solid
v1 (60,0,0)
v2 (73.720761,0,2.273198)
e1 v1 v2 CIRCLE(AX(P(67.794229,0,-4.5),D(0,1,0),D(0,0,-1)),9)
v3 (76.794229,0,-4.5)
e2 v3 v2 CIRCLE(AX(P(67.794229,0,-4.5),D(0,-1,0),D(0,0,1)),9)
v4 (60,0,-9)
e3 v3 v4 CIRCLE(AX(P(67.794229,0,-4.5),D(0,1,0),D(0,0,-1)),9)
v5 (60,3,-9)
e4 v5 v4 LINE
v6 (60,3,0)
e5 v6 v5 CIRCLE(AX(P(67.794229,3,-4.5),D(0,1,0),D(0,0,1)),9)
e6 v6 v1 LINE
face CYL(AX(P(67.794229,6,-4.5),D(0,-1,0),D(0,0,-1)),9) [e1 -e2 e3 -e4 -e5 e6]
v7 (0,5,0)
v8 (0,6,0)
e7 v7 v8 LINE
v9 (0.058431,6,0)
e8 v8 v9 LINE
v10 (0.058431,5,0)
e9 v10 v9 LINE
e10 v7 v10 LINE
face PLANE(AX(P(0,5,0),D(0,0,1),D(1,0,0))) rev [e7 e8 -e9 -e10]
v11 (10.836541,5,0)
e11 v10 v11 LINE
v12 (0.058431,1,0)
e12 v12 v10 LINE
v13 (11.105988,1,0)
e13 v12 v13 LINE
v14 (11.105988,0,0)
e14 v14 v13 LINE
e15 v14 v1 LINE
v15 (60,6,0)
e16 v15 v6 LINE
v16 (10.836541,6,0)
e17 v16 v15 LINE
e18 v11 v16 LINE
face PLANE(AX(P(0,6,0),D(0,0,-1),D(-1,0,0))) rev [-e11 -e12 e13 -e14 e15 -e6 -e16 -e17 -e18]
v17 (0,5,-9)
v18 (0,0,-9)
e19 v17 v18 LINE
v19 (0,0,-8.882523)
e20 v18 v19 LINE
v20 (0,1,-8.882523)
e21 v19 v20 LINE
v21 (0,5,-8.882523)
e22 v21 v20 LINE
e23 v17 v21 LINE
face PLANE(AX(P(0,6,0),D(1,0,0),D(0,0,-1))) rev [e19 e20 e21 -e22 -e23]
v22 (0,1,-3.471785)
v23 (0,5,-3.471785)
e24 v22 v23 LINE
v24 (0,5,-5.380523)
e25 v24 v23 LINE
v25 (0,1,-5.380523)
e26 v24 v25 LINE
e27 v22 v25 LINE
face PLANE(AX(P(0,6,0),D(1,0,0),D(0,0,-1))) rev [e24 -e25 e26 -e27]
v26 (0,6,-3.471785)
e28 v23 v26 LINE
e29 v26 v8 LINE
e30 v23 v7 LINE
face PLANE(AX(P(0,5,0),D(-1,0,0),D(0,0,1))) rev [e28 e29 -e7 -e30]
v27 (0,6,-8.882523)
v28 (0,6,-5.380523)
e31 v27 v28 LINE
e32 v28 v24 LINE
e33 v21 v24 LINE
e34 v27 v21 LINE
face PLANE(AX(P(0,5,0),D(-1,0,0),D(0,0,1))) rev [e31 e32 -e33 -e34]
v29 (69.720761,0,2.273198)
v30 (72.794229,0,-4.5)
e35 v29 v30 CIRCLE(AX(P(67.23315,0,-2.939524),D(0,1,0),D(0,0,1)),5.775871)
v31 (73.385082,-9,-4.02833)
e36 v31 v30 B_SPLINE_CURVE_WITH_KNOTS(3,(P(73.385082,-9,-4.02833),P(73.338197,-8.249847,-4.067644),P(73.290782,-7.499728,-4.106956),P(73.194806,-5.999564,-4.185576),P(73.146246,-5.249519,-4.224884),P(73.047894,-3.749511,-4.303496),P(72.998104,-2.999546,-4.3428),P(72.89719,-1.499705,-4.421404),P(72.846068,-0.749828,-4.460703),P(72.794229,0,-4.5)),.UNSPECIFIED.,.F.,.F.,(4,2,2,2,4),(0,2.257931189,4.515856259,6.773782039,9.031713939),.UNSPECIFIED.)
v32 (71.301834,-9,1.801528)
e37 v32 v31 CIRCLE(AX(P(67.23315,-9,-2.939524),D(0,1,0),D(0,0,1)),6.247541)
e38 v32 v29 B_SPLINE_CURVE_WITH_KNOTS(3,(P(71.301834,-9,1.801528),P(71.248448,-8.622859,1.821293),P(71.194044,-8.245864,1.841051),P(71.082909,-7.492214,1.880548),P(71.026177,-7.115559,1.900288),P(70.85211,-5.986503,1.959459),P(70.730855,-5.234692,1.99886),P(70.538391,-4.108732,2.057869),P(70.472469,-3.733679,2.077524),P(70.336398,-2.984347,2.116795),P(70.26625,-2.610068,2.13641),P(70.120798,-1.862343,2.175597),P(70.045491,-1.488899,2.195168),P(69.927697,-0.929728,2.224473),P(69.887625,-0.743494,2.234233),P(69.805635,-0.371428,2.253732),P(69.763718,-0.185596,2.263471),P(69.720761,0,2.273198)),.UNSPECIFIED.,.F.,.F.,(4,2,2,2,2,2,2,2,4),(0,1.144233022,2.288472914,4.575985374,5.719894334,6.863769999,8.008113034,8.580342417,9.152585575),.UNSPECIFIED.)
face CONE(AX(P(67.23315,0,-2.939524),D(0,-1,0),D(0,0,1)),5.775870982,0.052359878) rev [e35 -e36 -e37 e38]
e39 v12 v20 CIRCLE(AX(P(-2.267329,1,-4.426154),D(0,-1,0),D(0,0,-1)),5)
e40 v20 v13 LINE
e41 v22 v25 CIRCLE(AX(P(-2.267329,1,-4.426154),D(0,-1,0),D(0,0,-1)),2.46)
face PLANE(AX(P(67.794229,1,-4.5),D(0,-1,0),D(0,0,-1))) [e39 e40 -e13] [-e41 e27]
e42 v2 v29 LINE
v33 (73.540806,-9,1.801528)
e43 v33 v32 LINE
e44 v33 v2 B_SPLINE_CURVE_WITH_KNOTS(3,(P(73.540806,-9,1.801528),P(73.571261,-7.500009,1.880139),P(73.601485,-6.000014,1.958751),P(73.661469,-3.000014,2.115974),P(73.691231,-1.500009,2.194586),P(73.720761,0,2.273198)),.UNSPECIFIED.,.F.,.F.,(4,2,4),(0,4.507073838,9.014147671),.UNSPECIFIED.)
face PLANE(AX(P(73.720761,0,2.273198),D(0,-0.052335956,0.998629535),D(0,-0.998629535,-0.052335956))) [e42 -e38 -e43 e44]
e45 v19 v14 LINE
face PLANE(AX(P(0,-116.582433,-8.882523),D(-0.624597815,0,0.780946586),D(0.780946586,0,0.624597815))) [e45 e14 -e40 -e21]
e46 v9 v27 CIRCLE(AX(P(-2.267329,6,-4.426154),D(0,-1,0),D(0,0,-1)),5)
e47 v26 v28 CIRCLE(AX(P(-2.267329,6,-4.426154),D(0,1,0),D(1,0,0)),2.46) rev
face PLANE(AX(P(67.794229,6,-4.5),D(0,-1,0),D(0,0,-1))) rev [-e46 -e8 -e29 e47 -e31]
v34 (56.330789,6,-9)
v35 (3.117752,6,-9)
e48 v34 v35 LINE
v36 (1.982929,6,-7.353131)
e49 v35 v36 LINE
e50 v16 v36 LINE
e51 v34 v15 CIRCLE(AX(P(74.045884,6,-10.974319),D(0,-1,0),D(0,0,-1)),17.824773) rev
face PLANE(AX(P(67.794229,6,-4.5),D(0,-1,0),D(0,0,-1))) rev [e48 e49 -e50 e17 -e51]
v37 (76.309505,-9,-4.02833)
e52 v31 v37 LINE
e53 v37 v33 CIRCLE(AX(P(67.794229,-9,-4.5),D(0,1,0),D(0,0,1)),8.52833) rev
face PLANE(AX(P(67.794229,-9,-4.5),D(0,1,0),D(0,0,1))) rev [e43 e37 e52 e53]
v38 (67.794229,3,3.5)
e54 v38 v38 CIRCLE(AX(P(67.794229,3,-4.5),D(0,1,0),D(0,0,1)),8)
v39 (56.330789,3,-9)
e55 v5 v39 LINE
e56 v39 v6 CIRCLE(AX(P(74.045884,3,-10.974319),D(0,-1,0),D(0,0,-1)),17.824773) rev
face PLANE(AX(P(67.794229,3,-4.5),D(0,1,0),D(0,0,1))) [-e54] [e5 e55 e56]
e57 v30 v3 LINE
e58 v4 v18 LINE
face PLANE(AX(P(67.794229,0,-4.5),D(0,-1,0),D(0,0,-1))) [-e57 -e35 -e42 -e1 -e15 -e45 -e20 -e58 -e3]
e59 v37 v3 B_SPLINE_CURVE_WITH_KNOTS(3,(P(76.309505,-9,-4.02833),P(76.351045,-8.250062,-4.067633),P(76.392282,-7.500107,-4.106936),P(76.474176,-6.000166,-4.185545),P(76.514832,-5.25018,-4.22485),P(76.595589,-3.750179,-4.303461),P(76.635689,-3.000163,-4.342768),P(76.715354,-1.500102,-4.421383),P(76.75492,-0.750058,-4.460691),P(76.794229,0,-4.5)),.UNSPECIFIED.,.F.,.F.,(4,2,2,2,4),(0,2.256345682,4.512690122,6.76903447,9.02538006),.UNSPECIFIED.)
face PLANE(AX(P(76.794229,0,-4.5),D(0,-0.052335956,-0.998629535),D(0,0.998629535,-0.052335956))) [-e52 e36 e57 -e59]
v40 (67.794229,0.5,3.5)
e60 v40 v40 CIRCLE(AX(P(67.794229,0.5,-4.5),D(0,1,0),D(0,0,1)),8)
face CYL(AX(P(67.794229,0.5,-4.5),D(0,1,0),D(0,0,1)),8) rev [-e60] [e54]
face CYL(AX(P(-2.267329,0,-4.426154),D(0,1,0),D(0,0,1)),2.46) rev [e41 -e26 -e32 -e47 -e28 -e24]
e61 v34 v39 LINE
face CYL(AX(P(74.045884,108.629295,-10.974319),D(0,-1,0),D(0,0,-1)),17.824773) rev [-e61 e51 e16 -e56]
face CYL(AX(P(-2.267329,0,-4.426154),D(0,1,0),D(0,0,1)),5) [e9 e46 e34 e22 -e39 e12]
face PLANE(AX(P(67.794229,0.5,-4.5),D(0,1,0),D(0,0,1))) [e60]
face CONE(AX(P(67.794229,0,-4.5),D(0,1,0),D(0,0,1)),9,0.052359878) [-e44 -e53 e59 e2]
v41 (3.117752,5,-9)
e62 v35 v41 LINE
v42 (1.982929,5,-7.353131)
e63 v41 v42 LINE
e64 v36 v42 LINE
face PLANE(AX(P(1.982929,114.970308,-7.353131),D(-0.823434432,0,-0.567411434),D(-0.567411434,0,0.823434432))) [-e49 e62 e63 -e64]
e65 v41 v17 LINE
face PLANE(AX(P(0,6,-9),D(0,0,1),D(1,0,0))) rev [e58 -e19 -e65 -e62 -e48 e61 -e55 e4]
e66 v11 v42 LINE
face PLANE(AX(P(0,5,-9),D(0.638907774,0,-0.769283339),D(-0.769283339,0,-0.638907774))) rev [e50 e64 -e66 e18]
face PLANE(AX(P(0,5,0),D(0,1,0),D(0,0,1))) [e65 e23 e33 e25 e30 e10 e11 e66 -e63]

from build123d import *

# Parameters (mm, degrees)
BOSS_EXTRUDE1_DEPTH      = 5.999999938
SKETCH3_R                = 9
CUT_EXTRUDE1_DEPTH       = 3
CUT_EXTRUDE5_DEPTH       = 1
CUT_EXTRUDE5_DEPTH_BACK  = 3
EXTRUDE_THIN3_DEPTH      = 5.999999938
CUT_EXTRUDE9_DEPTH       = 1
CUT_EXTRUDE10_DEPTH      = 1
CUT_EXTRUDE10_DEPTH_BACK = 1
BOSS_EXTRUDE3_DEPTH      = 9
BOSS_EXTRUDE3_DRAFT      = 3
SKETCH14_R               = 8
CUT_EXTRUDE13_DEPTH      = 2.5
CUT_EXTRUDE15_DEPTH      = 10
CUT_EXTRUDE15_DEPTH_BACK = 1.000000032


with BuildPart() as part:
    # Sketch2 → Boss-Extrude1 (new body)
    with BuildSketch(Plane(origin=(0, 0, 0), x_dir=(1, 0, 0), z_dir=(0, 1, 0))):
        with BuildLine():
            Line((0, 0), (60, 0))
            ThreePointArc((60, 0), (76.794228634, 4.5), (60, 9))
            Line((60, 9), (0, 9))
            Line((0, 9), (0, 0))
        make_face()
    extrude(amount=BOSS_EXTRUDE1_DEPTH)

    # Sketch3 → Cut-Extrude1 (cut)
    with BuildSketch(Plane(origin=(0, 5.999999938, 0), x_dir=(1, 0, 0), z_dir=(0, 1, 0))):
        with Locations((67.794228634, 4.5)):
            Circle(SKETCH3_R)
    extrude(amount=-CUT_EXTRUDE1_DEPTH, mode=Mode.SUBTRACT)

    # Sketch5 → Cut-Extrude5 (cut, two sides)
    with BuildSketch(Plane(origin=(0, 5.999999938, 0), x_dir=(1, 0, 0), z_dir=(0, 1, 0))) as cut_extrude5_sk:
        with BuildLine():
            Line((141.885159374, -104.803724525), (60, 0))
            ThreePointArc((60, 0), (57.540129042, 4.245085458), (56.330788983, 9))
            Line((56.330788983, 9), (41.599359793, 141.181636372))
            Line((41.599359793, 141.181636372), (287.915588972, 241.602327681))
            Line((287.915588972, 241.602327681), (388.201388554, -4.383033215))
            Line((388.201388554, -4.383033215), (141.885159374, -104.803724525))
        make_face()
    extrude(amount=CUT_EXTRUDE5_DEPTH, mode=Mode.SUBTRACT)
    extrude(cut_extrude5_sk.sketch, amount=-CUT_EXTRUDE5_DEPTH_BACK, mode=Mode.SUBTRACT)

    # Sketch6 → Extrude-Thin3 (add)
    with BuildSketch(Plane(origin=(0, 5.999999938, 0), x_dir=(1, 0, 0), z_dir=(0, 1, 0))):
        with BuildLine():
            ThreePointArc((2.566768688, 3.148851961), (-7.252946342, 4.805124242), (2.704294257, 4.958097373))
            Line((2.704294257, 4.958097373), (0.178709714, 4.68787022))
            ThreePointArc((0.178709714, 4.68787022), (-4.720252661, 4.61260744), (0.111047134, 3.797721478))
            Line((0.111047134, 3.797721478), (2.566768688, 3.148851961))
        make_face()
    extrude(amount=-EXTRUDE_THIN3_DEPTH)

    # Sketch7 → Cut-Extrude9 (cut)
    with BuildSketch(Plane(origin=(0, 5.999999938, 0), x_dir=(1, 0, 0), z_dir=(0, 1, 0))):
        Polygon((0, 0), (0, 9), (10.83654063, 0), align=None)
    extrude(amount=-CUT_EXTRUDE9_DEPTH, mode=Mode.SUBTRACT)

    # Sketch8 → Cut-Extrude10 (cut, two sides)
    with BuildSketch(Plane(origin=(0, 5.999999938, 0), x_dir=(1, 0, 0), z_dir=(0, 1, 0))) as cut_extrude10_sk:
        Polygon((0, 9), (1.982929041, 7.353131135), (3.117751909, 9), align=None)
    extrude(amount=CUT_EXTRUDE10_DEPTH, mode=Mode.SUBTRACT)
    extrude(cut_extrude10_sk.sketch, amount=-CUT_EXTRUDE10_DEPTH_BACK, mode=Mode.SUBTRACT)


with BuildPart() as boss_extrude3_tool:
    # Sketch9 → Boss-Extrude3 (with draft: the straight prism first)
    with BuildSketch(Plane(origin=(0, 0, 0), x_dir=(-1, 0, 0), z_dir=(0, -1, 0))):
        with BuildLine():
            Line((-73.720761097, -2.273198134), (-69.720761097, -2.273198134))
            ThreePointArc((-69.720761097, -2.273198134), (-72.492846156, 0.552836778), (-72.794228634, 4.5))
            Line((-72.794228634, 4.5), (-76.794228634, 4.5))
            ThreePointArc((-76.794228634, 4.5), (-75.989922386, 0.781048008), (-73.720761097, -2.273198134))
        make_face()
    extrude(amount=BOSS_EXTRUDE3_DEPTH)
    # Boss-Extrude3: the draft: its side faces are tilted about the plane it starts from
    boss_extrude3_sides = [boss_extrude3_tool.faces().sort_by_distance(p)[0] for p in [
        (72.492846156, -4.5, -0.552836778),
        (74.794228634, -4.5, -4.5),
        (75.989922386, -4.5, -0.781048008),
        (71.720761097, -4.5, 2.273198134),
    ]]
    draft(boss_extrude3_sides, Plane(origin=(0, 0, 0), x_dir=(-1, 0, 0), z_dir=(0, -1, 0)), BOSS_EXTRUDE3_DRAFT)


with BuildPart() as part_1:
    add(part.part)

    # Boss-Extrude3: add boss_extrude3_tool
    add(boss_extrude3_tool.part)

    # Sketch14 → Cut-Extrude13 (cut)
    with BuildSketch(Plane(origin=(0, 2.999999938, 0), x_dir=(1, 0, 0), z_dir=(0, 1, 0))):
        with Locations((67.794228634, 4.5)):
            Circle(SKETCH14_R)
    extrude(amount=-CUT_EXTRUDE13_DEPTH, mode=Mode.SUBTRACT)

    # Sketch16 → Cut-Extrude15 (cut, two sides)
    with BuildSketch(Plane(origin=(0, 0, 0), x_dir=(-1, 0, 0), z_dir=(0, -1, 0))) as cut_extrude15_sk:
        Polygon((129.561472715, 112.505246853), (0, 8.882522618), (-11.105987806, 0), (-140.667460521, -103.622724235), (66.57798795, -362.745669665), (336.806921186, -146.617698577), align=None)
    extrude(amount=CUT_EXTRUDE15_DEPTH, mode=Mode.SUBTRACT)
    extrude(cut_extrude15_sk.sketch, amount=-CUT_EXTRUDE15_DEPTH_BACK, mode=Mode.SUBTRACT)


solid = part_1.part
